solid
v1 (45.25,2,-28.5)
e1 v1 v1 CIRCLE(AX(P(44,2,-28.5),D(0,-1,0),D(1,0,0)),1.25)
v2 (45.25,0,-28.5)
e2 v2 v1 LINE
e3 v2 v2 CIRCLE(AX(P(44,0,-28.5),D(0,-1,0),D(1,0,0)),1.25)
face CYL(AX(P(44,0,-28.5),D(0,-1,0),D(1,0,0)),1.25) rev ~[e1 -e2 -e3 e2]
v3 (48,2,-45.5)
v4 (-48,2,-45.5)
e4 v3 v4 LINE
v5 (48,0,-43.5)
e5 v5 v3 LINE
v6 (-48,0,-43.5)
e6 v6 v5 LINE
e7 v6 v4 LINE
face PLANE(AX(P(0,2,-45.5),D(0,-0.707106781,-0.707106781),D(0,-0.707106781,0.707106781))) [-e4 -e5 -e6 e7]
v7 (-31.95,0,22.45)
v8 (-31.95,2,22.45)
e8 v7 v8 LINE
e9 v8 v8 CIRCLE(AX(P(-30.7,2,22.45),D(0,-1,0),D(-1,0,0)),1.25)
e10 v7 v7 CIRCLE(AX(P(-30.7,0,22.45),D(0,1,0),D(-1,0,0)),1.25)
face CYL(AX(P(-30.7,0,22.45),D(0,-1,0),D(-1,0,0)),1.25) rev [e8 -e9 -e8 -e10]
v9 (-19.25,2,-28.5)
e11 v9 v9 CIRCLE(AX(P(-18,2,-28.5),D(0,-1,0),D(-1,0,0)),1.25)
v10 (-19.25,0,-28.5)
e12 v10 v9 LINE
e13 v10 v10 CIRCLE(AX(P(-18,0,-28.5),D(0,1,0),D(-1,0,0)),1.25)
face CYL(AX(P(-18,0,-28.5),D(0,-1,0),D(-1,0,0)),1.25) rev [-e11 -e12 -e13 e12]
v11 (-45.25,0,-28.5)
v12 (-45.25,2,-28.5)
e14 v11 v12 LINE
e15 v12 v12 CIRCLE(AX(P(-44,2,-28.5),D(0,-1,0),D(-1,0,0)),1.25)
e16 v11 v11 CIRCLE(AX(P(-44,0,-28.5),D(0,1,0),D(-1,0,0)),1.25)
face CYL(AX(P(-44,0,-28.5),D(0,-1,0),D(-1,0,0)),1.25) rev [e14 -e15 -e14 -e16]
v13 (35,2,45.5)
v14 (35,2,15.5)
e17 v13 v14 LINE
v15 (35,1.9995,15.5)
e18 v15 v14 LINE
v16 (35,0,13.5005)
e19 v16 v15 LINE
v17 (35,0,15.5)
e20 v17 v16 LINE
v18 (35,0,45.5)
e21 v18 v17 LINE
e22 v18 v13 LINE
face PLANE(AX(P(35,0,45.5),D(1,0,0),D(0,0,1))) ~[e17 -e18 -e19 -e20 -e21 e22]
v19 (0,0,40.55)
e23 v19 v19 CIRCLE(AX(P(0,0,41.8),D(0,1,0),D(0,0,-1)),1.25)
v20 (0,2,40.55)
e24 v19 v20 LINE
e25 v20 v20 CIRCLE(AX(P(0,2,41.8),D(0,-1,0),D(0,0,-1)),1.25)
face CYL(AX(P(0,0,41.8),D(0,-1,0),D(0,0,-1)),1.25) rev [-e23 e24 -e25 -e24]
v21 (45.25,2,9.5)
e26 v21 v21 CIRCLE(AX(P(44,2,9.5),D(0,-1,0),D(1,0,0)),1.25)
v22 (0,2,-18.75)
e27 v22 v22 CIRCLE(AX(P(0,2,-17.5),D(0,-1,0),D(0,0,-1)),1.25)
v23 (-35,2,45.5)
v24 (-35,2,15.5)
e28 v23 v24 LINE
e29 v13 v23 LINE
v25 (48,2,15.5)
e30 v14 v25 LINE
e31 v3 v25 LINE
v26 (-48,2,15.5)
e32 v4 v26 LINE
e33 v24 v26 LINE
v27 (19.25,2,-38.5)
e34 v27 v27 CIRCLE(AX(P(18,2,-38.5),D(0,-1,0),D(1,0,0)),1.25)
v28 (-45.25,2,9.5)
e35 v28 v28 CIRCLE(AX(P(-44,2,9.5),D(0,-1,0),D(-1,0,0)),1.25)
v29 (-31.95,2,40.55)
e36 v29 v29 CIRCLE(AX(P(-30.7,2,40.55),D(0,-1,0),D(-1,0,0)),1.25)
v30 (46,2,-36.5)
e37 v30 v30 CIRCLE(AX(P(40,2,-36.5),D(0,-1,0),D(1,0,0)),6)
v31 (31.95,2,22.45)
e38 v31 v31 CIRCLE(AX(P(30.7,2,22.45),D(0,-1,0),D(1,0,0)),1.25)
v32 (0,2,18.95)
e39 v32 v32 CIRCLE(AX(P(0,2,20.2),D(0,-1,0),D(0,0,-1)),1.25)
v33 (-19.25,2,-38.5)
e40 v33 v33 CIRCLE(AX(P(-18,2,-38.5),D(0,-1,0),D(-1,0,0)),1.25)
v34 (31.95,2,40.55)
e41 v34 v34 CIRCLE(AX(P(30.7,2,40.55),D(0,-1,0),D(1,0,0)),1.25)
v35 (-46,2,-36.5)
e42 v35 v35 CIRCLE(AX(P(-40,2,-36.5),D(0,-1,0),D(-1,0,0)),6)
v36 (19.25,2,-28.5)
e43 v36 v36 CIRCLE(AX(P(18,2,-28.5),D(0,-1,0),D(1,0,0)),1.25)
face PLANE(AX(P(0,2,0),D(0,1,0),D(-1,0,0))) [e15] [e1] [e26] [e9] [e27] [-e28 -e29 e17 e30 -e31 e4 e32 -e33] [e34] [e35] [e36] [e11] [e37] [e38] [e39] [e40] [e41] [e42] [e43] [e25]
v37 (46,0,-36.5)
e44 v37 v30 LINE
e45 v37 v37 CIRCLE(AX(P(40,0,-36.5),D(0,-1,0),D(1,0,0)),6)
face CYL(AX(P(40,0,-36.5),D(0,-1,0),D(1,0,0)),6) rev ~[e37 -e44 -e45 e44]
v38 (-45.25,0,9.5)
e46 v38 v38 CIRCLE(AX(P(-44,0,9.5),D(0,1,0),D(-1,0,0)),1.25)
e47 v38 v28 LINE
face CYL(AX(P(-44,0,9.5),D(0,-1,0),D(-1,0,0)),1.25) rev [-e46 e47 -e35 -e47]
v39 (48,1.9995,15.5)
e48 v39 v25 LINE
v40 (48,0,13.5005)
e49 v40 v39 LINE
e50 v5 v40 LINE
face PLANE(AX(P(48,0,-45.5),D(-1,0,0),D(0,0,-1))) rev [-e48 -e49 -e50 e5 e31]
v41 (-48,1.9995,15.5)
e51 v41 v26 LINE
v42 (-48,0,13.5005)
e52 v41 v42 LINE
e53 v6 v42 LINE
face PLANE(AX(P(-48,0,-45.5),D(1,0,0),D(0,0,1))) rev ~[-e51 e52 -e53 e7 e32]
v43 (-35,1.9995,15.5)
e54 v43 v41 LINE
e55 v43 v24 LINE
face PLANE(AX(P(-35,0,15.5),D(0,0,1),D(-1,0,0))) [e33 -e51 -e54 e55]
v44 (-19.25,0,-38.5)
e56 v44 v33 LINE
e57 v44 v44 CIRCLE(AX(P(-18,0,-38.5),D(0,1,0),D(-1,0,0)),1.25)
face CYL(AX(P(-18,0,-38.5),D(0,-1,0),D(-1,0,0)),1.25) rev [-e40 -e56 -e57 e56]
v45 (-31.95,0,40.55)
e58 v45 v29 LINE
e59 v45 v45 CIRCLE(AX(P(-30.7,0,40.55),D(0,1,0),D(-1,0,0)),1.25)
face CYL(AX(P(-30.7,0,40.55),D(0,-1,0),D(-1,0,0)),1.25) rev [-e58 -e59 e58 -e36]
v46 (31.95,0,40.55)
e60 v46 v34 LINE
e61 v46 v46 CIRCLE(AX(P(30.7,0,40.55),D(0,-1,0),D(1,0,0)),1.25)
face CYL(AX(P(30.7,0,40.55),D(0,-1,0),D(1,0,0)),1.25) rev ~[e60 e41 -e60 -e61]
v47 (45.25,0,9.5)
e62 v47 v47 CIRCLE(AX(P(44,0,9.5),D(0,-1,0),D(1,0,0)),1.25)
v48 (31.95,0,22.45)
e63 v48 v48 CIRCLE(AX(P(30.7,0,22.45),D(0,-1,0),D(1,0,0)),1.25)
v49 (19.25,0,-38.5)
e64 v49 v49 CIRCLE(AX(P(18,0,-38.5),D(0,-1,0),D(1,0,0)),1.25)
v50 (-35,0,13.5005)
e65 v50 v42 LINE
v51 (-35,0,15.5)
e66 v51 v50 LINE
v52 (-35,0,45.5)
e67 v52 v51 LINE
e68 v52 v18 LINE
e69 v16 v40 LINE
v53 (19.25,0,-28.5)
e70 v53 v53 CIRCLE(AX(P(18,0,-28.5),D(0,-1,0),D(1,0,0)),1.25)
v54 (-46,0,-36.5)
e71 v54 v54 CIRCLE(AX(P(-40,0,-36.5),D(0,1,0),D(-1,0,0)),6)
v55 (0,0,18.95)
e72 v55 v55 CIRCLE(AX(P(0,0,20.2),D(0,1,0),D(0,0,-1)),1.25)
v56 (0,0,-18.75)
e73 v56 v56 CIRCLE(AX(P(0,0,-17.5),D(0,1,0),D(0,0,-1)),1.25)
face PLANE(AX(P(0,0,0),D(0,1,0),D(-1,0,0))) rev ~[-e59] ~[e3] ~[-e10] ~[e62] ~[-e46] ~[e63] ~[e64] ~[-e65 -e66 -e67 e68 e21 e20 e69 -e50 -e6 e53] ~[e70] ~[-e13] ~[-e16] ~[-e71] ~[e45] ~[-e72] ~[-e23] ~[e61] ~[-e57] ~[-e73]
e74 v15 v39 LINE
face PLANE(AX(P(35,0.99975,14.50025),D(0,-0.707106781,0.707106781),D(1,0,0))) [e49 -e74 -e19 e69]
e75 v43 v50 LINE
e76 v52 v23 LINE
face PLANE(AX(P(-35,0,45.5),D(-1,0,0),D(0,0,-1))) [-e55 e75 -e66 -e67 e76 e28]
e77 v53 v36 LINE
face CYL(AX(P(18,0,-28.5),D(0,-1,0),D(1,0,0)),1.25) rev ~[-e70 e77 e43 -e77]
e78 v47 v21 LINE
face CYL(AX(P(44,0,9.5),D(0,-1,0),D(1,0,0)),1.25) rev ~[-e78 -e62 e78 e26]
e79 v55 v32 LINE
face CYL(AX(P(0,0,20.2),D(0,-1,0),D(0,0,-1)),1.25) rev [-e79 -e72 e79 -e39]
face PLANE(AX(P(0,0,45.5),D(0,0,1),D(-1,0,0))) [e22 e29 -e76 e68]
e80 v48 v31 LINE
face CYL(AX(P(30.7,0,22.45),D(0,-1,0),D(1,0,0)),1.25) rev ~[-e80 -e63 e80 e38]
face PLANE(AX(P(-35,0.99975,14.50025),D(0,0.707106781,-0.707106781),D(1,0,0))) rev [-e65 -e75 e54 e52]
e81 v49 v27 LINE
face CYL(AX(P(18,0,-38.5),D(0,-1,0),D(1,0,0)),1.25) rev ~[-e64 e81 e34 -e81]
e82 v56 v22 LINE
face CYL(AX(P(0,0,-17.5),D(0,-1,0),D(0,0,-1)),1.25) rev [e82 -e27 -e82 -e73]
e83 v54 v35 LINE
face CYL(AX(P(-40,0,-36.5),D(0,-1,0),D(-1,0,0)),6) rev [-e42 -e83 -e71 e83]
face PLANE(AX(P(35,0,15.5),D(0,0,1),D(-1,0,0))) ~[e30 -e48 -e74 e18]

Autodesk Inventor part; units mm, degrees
ref_plane "YZ Plane" through (0, 0, 0) normal (1, 0, 0) x (0, 1, 0)
ref_plane "XZ Plane" through (0, 0, 0) normal (0, 1, 0) x (-1, 0, 0)
ref_plane "XY Plane" through (0, 0, 0) normal (0, 0, 1) x (1, 0, 0)
sketch "Sketch1" plane through (0, 0, 0) normal (0, 1, 0) x (-1, 0, 0)
  line L0 (35, 45.5) -> (35, 15.5)
  line L1 (9, 15.5) -> (35, 15.5) construction
  line L2 (0, 15.5) -> (9, 15.5) construction
  line L3 (35, 15.5) -> (48, 15.5)
  line L4 (0, -45.5) -> (0, 45.5)
  line L5 (0, -45.5) -> (48, -45.5)
  line L6 (0, 45.5) -> (35, 45.5)
  line L7 (48, -45.5) -> (48, 15.5)
  line L8 (30.7, 40.55) -> (35, 40.55) construction
  line L9 (30.7, 40.55) -> (30.7, 22.45) construction
  circle A0 centre (30.7, 22.45) radius 1.25
  circle A1 centre (30.7, 40.55) radius 1.25
  line L10 (30.7, 22.45) -> (30.7, 15.5) construction
  line L11 (44, 15.5) -> (44, 9.5) construction
  line L12 (44, 9.5) -> (48, 9.5) construction
  circle A2 centre (44, 9.5) radius 1.25
  circle A3 centre (44, -28.5) radius 1.25
  circle A4 centre (18, -28.5) radius 1.25
  circle A5 centre (18, -38.5) radius 1.25
  arc A6 (0, -18.75) -> (0, -16.25) centre (0, -17.5) ccw
  arc A7 (0, 40.55) -> (0, 43.05) centre (0, 41.8) ccw
  arc A8 (0, 18.95) -> (0, 21.45) centre (0, 20.2) ccw
  line L13 (0, 41.8) -> (30.7, 41.8) construction
  circle A9 centre (40, -36.5) radius 6
  point P0 (0, 0)
  point P1 (-50, 0)
  point P2 (0, 0)
  dimension "d17" = 2.5
  dimension "d6" = 30
  dimension "d9" = 26
  dimension "d10" = 9
  dimension "d11" = 48
  dimension "d12" = 91
  dimension "d14" = 4.3
  dimension "d15" = 18.1
  dimension "d16" = 2.5
  dimension "d20" = 6.95
  dimension "d25" = 6
  dimension "d26" = 4
  dimension "d27" = 2.5
  dimension "d30" = 2.5
  dimension "d32" = 2.5
  dimension "d33" = 18
  dimension "d34" = 2.5
  dimension "d35" = 10
  dimension "d36" = 2.5
  dimension "d37" = 2.5
  dimension "d38" = 1.25
  dimension "d42" = 12
  dimension "d43" = 8
  dimension "d45" = 27
  dimension "d46" = 46
  dimension "d47" = 38
  dimension "d48" = 2.25
extrude "Extrusion1" add sketch "Sketch1" along normal blind 2 contours L0 L3 L7 L5 L4 A6 A8 A7 L6 | A7 L4 | A8 L4 | L4 A6 | A0 | A1 | A2 | A3 | A4 | A5 | A9
extrude "Extrusion2" cut sketch "Sketch1" along normal through all contours A7 L4 | A8 L4 | L4 A6 | A0 | A1 | A2 | A3 | A4 | A5 | A9
mirror "Mirror1" about plane through (0, 0, 0) normal (1, 0, 0) of "Extrusion1", "Extrusion2"
sketch "Sketch3" plane through (0, 0, 0) normal (1, 0, 0) x (0, 1, 0)
  line L0 (0, 15.5) -> (0, -45.5) projected
  line L1 (0, -45.5) -> (2, -45.5) projected
  line L2 (0, -45.5) -> (2, -45.5)
  line L3 (2, -45.5) -> (0, -43.5)
  line L4 (0, -43.5) -> (0, -45.5)
  line L5 (2, -45.5) -> (2, 15.5) projected
  point P0 (0, 0)
  dimension "d24" = 45
extrude "Extrusion3" cut sketch "Sketch3" along normal through all both and the other way through all
chamfer "Chamfer1" distance 2 angle 45 2 edges at (-41.5, 0, 15.5) (41.5, 0, 15.5)
properties part number "Podstawa"
